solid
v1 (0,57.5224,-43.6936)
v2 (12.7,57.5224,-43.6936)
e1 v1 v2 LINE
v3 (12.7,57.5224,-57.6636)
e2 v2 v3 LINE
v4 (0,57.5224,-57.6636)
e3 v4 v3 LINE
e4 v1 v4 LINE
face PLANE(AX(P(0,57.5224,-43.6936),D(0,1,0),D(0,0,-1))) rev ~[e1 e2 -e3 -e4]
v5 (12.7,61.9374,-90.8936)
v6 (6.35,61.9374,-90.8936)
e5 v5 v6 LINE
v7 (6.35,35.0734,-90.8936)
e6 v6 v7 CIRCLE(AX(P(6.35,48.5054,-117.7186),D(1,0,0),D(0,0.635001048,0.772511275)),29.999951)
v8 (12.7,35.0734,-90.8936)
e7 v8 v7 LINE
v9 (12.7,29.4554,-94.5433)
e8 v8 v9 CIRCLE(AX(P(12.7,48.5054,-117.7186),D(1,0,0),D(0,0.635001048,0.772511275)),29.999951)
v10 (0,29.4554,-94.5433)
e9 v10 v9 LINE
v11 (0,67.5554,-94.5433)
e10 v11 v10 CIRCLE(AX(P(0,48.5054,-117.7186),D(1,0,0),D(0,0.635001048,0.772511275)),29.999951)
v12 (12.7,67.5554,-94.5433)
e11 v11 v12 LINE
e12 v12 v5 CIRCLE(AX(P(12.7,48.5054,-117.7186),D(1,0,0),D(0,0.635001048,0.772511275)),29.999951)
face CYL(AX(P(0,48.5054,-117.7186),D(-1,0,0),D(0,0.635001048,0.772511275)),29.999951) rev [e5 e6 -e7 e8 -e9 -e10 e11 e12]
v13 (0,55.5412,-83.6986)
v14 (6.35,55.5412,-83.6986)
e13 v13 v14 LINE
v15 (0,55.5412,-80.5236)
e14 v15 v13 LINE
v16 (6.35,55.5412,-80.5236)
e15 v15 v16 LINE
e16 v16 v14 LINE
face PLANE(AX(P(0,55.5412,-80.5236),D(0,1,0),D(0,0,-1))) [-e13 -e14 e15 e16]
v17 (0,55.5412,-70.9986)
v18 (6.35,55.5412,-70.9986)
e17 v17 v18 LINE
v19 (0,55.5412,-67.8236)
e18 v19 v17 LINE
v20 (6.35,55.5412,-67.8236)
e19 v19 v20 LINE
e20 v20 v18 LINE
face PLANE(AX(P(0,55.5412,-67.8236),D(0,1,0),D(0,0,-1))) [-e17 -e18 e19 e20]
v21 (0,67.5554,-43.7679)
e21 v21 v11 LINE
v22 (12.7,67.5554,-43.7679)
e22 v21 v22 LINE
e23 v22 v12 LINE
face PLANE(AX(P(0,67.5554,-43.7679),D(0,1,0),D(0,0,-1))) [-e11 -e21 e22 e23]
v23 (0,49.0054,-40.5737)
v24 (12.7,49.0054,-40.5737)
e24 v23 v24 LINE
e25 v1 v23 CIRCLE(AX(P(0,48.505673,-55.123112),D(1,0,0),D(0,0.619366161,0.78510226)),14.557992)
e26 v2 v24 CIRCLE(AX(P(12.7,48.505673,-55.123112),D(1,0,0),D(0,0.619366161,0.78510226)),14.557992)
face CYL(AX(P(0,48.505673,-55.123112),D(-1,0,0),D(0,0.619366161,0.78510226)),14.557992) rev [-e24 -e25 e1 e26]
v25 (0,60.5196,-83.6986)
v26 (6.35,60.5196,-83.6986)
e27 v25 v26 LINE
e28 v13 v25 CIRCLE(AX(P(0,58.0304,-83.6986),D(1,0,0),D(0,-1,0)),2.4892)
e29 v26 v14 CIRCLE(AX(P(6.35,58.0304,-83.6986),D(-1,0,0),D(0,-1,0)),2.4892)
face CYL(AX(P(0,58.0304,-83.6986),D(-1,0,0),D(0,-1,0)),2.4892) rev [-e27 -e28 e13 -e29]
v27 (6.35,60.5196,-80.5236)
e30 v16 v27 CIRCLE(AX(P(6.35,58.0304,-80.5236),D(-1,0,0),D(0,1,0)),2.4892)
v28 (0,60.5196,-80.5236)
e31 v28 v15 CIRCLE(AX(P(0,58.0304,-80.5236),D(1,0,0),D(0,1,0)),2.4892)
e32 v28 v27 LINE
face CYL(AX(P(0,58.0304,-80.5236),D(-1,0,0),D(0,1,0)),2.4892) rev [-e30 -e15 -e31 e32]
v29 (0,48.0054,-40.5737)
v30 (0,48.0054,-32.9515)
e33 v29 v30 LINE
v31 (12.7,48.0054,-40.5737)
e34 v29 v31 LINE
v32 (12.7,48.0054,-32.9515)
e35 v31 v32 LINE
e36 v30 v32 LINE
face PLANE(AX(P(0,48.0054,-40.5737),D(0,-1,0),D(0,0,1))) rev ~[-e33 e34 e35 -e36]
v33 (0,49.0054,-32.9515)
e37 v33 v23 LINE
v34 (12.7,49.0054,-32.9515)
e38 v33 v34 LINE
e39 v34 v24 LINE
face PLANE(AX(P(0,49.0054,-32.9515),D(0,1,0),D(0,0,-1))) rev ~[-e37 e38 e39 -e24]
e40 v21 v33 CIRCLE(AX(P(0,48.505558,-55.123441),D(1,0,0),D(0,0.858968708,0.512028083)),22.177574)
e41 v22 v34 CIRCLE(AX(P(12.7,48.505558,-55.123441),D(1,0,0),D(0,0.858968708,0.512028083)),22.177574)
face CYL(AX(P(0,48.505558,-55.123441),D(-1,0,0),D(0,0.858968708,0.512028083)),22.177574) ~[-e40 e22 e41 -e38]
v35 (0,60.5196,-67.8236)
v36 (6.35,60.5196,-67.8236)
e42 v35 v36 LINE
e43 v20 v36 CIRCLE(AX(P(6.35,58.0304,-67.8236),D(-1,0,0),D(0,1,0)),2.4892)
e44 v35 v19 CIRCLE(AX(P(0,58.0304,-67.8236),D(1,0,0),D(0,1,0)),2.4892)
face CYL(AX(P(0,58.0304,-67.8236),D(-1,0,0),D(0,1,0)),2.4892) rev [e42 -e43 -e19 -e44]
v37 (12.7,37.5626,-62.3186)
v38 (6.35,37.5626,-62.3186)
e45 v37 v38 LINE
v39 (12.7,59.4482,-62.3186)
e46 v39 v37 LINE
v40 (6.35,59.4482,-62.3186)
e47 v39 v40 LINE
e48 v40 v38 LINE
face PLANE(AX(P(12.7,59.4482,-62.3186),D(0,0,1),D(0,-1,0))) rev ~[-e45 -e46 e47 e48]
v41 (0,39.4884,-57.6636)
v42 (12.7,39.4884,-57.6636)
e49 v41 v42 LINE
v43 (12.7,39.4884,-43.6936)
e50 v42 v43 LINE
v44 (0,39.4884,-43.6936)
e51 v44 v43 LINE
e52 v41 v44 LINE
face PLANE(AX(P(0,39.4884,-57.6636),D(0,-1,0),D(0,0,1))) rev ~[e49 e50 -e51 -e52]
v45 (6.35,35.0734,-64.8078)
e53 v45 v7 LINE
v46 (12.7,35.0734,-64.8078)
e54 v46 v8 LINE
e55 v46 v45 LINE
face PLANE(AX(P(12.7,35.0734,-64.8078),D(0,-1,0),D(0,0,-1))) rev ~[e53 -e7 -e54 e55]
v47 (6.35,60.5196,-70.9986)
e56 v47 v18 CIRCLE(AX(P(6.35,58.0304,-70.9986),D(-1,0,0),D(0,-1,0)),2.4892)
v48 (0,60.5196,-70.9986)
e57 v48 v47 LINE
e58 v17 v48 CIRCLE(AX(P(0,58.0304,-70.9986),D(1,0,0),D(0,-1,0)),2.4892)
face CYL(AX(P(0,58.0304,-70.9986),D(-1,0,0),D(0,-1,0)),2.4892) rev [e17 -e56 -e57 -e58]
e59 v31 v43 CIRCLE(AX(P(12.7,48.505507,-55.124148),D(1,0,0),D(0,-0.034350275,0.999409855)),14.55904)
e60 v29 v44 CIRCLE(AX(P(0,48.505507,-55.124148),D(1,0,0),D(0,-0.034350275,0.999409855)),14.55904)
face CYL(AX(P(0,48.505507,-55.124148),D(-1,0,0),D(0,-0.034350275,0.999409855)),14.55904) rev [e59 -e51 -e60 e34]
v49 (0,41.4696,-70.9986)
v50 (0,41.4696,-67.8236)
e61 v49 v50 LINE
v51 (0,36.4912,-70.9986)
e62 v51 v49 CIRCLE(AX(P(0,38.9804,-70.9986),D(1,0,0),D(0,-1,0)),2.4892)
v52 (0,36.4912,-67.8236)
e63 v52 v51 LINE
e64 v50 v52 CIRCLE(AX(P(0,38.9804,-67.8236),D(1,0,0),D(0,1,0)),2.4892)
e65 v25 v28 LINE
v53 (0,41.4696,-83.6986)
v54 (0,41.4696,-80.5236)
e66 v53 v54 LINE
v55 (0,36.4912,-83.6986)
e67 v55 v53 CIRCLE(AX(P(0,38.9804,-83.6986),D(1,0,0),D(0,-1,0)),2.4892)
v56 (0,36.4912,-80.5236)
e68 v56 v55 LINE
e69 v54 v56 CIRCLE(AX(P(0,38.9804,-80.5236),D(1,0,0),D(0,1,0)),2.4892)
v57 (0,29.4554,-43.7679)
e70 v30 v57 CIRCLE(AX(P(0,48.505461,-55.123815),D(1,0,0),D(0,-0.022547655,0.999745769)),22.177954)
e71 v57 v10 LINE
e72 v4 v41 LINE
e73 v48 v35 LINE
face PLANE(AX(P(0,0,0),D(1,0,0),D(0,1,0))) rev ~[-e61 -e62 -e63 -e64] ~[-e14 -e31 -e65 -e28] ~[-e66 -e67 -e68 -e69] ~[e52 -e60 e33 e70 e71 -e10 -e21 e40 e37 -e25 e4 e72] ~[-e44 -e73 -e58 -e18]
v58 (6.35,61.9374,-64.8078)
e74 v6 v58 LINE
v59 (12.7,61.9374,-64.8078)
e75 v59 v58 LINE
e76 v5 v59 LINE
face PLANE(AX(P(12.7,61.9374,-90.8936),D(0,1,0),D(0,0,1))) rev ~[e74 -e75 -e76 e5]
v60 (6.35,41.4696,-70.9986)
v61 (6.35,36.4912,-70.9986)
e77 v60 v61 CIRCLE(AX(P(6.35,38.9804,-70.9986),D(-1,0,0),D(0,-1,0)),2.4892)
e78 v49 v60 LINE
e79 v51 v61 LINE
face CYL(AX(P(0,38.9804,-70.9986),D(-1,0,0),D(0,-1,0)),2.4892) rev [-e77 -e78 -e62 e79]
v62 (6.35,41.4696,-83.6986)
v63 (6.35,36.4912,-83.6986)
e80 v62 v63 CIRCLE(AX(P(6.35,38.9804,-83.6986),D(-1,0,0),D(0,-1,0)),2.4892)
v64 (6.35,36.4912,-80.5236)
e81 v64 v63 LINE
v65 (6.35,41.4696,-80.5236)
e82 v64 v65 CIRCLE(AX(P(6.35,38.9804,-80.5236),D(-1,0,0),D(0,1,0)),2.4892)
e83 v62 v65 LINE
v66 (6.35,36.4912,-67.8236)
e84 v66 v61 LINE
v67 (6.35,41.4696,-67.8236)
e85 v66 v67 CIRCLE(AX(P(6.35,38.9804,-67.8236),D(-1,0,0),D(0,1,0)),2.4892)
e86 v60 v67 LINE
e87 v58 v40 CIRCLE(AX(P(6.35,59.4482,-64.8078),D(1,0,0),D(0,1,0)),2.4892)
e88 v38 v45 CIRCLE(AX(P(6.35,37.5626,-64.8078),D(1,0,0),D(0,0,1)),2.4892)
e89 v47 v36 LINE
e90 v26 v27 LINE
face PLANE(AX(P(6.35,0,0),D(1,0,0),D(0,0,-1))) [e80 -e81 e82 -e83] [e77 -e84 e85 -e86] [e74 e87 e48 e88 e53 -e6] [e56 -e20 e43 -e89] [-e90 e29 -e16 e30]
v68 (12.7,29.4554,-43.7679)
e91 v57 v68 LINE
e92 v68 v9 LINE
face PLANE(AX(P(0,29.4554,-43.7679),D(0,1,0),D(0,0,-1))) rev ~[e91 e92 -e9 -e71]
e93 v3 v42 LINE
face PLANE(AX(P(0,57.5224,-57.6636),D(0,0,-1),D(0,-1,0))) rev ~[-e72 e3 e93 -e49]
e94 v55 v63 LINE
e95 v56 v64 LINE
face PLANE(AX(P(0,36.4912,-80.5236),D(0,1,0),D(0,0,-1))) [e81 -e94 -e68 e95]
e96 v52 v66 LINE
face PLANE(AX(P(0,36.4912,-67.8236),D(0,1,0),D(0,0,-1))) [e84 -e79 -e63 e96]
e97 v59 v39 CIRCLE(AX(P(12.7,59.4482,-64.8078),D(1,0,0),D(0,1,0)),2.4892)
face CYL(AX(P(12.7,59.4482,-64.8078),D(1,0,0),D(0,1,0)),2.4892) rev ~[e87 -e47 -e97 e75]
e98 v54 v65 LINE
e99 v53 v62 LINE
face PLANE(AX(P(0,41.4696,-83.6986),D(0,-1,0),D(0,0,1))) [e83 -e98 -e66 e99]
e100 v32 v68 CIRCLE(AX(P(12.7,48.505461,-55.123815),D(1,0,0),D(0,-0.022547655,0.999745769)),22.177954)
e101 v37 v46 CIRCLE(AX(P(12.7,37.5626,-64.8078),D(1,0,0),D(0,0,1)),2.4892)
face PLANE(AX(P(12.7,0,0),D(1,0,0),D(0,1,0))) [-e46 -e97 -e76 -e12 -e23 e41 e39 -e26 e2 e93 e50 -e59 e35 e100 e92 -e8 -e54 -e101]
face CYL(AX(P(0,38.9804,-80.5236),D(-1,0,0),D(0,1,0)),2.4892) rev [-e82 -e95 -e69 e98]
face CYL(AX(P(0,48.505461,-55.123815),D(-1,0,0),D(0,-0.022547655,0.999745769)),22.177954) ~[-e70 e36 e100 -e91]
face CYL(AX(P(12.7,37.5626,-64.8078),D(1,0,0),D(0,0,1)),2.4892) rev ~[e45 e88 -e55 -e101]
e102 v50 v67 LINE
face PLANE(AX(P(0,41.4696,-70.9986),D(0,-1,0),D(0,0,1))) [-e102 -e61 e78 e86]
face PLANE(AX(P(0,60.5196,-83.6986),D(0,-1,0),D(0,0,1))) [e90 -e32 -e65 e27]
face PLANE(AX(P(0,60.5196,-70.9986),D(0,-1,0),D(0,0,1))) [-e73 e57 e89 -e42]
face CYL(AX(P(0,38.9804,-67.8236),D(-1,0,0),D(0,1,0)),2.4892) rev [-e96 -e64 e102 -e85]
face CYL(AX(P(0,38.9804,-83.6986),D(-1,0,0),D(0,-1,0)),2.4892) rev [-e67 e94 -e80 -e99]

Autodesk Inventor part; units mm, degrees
ref_plane "YZ Plane" through (0, 0, 0) normal (1, 0, 0) x (0, 1, 0)
ref_plane "XZ Plane" through (0, 0, 0) normal (0, 1, 0) x (-1, 0, 0)
ref_plane "XY Plane" through (0, 0, 0) normal (0, 0, 1) x (1, 0, 0)
sketch "Sketch1" plane through (0, 0, 0) normal (1, 0, 0) x (0, 1, 0)
  line L0 (57.5224, -43.6936) -> (57.5224, -57.6636)
  line L1 (57.5224, -57.6636) -> (39.4884, -57.6636)
  line L2 (39.4884, -57.6636) -> (39.4884, -43.6936)
  arc A0 (57.5224, -43.6936) -> (49.0054, -40.5737) centre (48.5054, -55.1236) ccw
  line L3 (67.5554, -43.7679) -> (67.5554, -94.5433)
  line L4 (29.4554, -43.7679) -> (29.4554, -94.5433)
  arc A1 (67.5554, -43.7679) -> (49.0054, -32.9515) centre (48.5054, -55.1236) ccw
  arc A2 (67.5554, -94.5433) -> (29.4554, -94.5433) centre (48.5054, -117.7186) ccw
  line L5 (60.5196, -70.9986) -> (60.5196, -67.8236)
  line L6 (55.5412, -67.8236) -> (55.5412, -70.9986)
  arc A3 (60.5196, -67.8236) -> (55.5412, -67.8236) centre (58.0304, -67.8236) ccw
  arc A4 (55.5412, -70.9986) -> (60.5196, -70.9986) centre (58.0304, -70.9986) ccw
  arc A5 (60.5196, -80.5236) -> (55.5412, -80.5236) centre (58.0304, -80.5236) ccw
  line L7 (60.5196, -83.6986) -> (60.5196, -80.5236)
  arc A6 (55.5412, -83.6986) -> (60.5196, -83.6986) centre (58.0304, -83.6986) ccw
  line L8 (55.5412, -80.5236) -> (55.5412, -83.6986)
  arc A7 (41.4696, -67.8236) -> (36.4912, -67.8236) centre (38.9804, -67.8236) ccw
  line L9 (41.4696, -70.9986) -> (41.4696, -67.8236)
  arc A8 (36.4912, -70.9986) -> (41.4696, -70.9986) centre (38.9804, -70.9986) ccw
  line L10 (36.4912, -67.8236) -> (36.4912, -70.9986)
  arc A9 (41.4696, -80.5236) -> (36.4912, -80.5236) centre (38.9804, -80.5236) ccw
  line L11 (41.4696, -83.6986) -> (41.4696, -80.5236)
  arc A10 (36.4912, -83.6986) -> (41.4696, -83.6986) centre (38.9804, -83.6986) ccw
  line L12 (36.4912, -80.5236) -> (36.4912, -83.6986)
  line L13 (48.5054, -117.7186) -> (48.5054, -32.9436) construction
  line L14 (57.5224, -50.6786) -> (39.4884, -50.6786) construction
  line L15 (48.0054, -40.5737) -> (48.0054, -32.9515)
  line L16 (49.0054, -32.9515) -> (49.0054, -40.5737)
  arc A11 (49.0054, -32.9515) -> (48.0054, -32.9515) centre (48.5054, -55.1236) ccw construction
  arc A12 (48.0054, -32.9515) -> (29.4554, -43.7679) centre (48.5054, -55.1236) ccw
  arc A13 (48.0054, -40.5737) -> (39.4884, -43.6936) centre (48.5054, -55.1236) ccw
  arc A14 (49.0054, -40.5737) -> (48.0054, -40.5737) centre (48.5054, -55.1236) ccw construction
  point P0 (0, 0)
  point P1 (48.5054, -40.5636)
  point P2 (48.5054, -50.6786)
  dimension "d0" = 13.97
  dimension "d1" = 18.034
  dimension "d2" = 2.54
  dimension "d4" = 30
  dimension "d8" = 4.9784
  dimension "d9" = 2.4892
  dimension "d17" = 3.175
  dimension "d20" = 12.7
  dimension "d23" = 19.05
  dimension "d26" = 38.1
  dimension "d30" = 10.16
  dimension "d31" = 7.62
  dimension "d32" = 67.04
  dimension "d33" = 1
extrude "Extrusion1" add sketch "Sketch1" along normal blind 12.7
sketch "Sketch2" plane through (12.7, 0, 0) normal (1, 0, 0) x (0, 0, -1)
  arc A0 (94.5433, 67.5554) -> (94.5433, 29.4554) centre (117.7186, 48.5054) ccw projected
  line L0 (90.8936, 61.9374) -> (64.8078, 61.9374)
  line L1 (62.3186, 59.4482) -> (62.3186, 37.5626)
  line L2 (64.8078, 35.0734) -> (90.8936, 35.0734)
  line L3 (87.7186, 48.5054) -> (62.3186, 48.5054) construction
  arc A1 (64.8078, 61.9374) -> (62.3186, 59.4482) centre (64.8078, 59.4482) ccw
  arc A2 (62.3186, 37.5626) -> (64.8078, 35.0734) centre (64.8078, 37.5626) ccw
  point P0 (0, 0)
  point P1 (62.3186, 61.9374)
  dimension "d37" = 25.4
  dimension "d38" = 28.575
  dimension "d39" = 2.4892
extrude "Extrusion2" cut sketch "Sketch2" against normal blind 6.35
properties part number "motormount2"
